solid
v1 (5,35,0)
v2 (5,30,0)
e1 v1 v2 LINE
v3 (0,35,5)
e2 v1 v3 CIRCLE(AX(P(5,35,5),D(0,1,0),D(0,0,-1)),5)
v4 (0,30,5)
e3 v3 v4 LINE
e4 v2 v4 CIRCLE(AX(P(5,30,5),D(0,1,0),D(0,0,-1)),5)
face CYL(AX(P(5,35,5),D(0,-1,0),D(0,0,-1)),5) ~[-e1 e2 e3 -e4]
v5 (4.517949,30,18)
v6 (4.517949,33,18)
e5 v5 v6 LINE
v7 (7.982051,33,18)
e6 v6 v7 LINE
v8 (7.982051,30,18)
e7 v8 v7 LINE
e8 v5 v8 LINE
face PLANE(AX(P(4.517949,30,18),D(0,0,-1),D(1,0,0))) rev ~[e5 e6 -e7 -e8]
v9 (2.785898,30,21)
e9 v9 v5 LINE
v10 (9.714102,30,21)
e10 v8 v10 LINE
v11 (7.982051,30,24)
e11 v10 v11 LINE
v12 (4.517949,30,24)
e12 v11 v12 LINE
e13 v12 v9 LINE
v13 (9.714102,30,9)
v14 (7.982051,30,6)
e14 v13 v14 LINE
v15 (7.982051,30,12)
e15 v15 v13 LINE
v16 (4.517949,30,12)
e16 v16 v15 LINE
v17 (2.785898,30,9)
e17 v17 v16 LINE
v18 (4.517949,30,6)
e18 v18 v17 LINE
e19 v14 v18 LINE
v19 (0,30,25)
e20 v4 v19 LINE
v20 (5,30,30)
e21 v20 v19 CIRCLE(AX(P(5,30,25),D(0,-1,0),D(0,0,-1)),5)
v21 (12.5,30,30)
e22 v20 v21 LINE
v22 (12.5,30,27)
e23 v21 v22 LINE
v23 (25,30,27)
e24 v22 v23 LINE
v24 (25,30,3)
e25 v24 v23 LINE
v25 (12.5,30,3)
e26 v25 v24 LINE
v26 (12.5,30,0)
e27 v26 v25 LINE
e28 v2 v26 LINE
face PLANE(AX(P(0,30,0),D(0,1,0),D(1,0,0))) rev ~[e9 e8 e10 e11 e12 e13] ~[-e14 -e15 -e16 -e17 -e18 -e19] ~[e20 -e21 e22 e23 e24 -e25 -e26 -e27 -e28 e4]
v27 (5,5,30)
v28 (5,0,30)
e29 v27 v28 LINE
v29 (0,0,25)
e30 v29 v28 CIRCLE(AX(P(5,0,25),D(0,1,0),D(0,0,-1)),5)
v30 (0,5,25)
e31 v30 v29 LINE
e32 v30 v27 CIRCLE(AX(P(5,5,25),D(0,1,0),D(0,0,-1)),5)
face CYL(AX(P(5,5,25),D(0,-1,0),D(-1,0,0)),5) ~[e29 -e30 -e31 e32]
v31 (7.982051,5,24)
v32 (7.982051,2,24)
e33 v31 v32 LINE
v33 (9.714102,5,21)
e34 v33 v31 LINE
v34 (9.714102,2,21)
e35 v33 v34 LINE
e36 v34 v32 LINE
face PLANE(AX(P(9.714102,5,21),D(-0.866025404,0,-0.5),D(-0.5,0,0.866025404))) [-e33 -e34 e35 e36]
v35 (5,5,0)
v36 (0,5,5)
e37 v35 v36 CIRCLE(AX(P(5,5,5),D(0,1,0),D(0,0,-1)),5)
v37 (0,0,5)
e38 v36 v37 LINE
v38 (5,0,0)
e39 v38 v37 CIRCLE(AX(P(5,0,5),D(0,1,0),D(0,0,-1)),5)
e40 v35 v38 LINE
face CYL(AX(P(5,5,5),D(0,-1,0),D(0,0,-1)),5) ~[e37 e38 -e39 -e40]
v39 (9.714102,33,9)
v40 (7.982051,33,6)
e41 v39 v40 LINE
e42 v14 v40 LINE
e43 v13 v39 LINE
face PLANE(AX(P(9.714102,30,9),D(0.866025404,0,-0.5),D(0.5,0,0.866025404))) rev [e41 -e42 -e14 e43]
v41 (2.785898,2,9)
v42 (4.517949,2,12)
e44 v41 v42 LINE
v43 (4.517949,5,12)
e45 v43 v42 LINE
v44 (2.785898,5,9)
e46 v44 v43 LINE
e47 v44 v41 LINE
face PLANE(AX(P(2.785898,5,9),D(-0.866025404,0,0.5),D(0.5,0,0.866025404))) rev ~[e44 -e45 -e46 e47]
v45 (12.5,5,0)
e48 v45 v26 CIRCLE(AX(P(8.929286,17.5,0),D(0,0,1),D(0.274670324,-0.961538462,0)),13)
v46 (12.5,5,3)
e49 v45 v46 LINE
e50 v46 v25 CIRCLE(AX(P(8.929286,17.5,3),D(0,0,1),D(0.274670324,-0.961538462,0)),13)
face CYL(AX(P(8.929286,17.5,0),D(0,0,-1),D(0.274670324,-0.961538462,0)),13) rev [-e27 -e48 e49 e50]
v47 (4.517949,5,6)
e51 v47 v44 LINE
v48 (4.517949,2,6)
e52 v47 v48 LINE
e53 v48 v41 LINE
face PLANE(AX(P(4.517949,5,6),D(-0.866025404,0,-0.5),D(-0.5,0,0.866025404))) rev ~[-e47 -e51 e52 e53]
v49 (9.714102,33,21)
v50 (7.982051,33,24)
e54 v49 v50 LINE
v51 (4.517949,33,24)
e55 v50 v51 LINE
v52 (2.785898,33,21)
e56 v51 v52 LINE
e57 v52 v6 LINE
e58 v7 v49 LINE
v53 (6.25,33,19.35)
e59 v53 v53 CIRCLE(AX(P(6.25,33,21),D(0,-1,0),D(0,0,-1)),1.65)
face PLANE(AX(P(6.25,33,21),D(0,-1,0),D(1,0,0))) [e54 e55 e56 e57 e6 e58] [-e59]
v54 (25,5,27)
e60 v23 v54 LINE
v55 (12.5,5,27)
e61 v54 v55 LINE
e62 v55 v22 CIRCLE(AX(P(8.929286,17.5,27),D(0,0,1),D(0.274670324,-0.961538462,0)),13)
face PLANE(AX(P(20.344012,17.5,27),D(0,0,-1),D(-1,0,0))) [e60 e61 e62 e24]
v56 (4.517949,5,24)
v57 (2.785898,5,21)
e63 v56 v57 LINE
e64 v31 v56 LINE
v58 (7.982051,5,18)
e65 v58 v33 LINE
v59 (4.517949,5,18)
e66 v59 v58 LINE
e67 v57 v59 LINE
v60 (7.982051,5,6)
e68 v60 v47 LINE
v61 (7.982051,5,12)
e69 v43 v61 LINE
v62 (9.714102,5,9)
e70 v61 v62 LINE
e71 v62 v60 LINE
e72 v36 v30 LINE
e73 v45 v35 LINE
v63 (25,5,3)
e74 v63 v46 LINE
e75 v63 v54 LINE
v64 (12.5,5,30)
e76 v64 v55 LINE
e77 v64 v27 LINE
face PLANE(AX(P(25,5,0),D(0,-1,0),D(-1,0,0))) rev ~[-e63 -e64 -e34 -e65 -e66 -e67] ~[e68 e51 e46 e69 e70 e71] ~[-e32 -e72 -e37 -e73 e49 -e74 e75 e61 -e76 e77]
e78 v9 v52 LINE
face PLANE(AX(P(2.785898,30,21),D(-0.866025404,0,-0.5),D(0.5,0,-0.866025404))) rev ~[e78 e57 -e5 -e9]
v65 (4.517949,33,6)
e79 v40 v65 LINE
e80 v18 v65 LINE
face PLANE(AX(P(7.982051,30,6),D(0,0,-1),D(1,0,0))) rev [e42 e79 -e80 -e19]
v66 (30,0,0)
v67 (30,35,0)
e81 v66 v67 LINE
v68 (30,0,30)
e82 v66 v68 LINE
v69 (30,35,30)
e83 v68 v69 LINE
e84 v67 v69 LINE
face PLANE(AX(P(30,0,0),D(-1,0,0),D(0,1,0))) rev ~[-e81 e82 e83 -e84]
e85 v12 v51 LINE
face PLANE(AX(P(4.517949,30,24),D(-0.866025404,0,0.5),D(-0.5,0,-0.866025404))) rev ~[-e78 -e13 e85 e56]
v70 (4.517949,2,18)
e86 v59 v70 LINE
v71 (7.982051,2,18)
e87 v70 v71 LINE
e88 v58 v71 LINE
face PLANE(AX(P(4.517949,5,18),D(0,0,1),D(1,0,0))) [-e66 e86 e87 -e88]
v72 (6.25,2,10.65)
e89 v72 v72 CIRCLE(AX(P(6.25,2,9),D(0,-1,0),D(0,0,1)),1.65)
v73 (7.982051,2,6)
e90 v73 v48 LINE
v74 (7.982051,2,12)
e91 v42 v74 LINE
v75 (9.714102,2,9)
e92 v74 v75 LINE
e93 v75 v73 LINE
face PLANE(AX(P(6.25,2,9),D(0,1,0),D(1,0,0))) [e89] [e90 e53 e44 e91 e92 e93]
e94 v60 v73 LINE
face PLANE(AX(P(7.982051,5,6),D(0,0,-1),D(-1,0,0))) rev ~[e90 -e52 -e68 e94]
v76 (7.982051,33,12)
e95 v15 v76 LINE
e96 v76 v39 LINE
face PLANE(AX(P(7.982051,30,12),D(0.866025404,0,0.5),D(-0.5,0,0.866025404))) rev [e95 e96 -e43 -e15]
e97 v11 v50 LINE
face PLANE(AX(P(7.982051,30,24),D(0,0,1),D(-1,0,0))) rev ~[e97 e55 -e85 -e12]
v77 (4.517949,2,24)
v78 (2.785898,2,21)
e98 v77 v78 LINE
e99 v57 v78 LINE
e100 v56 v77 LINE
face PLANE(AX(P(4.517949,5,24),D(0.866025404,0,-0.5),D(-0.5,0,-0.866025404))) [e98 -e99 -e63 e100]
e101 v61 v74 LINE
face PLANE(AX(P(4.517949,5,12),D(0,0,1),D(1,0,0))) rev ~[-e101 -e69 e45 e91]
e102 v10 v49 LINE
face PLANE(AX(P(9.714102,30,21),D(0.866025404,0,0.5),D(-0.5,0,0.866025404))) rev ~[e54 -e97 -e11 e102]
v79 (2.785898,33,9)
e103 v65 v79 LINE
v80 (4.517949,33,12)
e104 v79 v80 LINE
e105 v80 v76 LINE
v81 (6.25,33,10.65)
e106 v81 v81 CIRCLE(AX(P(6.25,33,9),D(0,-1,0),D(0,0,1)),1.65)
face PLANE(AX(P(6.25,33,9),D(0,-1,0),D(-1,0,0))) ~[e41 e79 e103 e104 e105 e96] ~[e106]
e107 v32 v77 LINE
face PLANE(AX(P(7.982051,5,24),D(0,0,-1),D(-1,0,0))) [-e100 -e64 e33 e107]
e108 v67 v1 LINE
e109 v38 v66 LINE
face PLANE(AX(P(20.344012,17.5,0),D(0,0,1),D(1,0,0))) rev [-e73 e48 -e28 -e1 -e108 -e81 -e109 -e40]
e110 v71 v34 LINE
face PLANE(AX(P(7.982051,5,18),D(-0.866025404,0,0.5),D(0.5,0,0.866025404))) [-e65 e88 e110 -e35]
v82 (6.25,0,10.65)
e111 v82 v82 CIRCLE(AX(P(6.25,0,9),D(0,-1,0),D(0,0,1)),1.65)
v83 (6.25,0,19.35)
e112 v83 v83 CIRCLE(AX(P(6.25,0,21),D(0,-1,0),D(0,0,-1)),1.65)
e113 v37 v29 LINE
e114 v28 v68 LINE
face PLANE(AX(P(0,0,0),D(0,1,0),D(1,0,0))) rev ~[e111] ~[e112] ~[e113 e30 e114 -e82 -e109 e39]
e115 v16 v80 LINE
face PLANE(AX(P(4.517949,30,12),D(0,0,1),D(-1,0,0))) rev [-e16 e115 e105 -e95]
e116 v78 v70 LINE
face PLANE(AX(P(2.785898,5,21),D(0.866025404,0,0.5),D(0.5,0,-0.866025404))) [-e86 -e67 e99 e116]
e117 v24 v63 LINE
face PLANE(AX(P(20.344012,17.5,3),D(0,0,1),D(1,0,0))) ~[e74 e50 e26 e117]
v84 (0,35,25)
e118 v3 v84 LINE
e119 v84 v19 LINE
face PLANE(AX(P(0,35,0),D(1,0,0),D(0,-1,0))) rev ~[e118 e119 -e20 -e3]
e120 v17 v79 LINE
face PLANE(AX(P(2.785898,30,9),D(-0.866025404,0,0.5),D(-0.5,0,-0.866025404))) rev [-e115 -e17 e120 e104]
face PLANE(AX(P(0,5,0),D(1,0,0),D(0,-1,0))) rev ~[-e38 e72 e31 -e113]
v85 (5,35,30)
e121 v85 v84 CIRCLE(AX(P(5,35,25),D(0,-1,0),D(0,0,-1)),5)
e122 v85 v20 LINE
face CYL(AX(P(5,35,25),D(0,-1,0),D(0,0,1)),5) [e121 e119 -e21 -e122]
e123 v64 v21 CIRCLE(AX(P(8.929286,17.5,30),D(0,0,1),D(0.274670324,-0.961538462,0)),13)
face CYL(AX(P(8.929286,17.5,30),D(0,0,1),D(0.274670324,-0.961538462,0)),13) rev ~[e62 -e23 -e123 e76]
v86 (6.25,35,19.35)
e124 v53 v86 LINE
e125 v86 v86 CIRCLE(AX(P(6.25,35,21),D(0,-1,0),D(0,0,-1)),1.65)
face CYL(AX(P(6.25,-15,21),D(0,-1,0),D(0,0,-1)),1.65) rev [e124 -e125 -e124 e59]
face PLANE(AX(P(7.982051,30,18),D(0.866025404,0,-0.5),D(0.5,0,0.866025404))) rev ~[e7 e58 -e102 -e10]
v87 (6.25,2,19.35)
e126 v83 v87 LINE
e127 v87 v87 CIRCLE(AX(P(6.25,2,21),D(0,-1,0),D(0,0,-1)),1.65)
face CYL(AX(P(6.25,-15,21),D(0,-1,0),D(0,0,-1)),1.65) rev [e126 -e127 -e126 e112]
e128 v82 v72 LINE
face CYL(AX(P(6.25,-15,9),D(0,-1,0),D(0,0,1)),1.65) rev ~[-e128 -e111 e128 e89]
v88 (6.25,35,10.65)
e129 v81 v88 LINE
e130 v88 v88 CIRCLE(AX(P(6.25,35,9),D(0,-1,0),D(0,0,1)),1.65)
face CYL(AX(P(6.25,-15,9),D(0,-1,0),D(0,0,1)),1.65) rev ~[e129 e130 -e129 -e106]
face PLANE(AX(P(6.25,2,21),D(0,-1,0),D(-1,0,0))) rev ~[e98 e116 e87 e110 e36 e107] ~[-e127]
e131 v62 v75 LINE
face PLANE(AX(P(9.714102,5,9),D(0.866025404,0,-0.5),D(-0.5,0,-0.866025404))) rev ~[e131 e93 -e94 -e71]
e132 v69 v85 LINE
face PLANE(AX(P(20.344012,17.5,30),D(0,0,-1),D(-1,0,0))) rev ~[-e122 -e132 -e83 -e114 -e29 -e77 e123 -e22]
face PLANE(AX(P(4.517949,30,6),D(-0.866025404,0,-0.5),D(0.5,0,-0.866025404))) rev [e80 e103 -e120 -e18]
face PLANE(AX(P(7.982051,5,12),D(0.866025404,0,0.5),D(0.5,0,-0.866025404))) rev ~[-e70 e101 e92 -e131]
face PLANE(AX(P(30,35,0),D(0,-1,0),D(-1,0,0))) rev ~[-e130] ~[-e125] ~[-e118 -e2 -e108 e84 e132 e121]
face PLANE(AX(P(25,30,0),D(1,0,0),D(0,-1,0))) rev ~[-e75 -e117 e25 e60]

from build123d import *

# Parameters (mm, degrees)
EXTRUDE_1_DEPTH     = 30
EXTRUDE_2_DEPTH     = 3
CUT_EXTRUDE_1_DEPTH = 3
CUT_EXTRUDE_START   = -17
SKETCH_4_R          = 1.65
CUT_EXTRUDE_2_DEPTH = 76
CUT_EXTRUDE_3_DEPTH = 3
FILLET_1_R          = 5


with BuildPart() as part:
    # Эскиз1 → Бобышка-Вытянуть1 (new body)
    with BuildSketch(Plane.XY):
        Polygon((0, 0), (30, 0), (30, 35), (0, 35), (0, 30), (25, 30), (25, 5), (0, 5), align=None)
    extrude(amount=EXTRUDE_1_DEPTH)

    # Эскиз2 → Бобышка-Вытянуть2 (add)
    with BuildSketch(Plane.XY.offset(30)):
        with BuildLine():
            Line((12.5, 30), (25, 30))
            Line((25, 30), (25, 5))
            Line((25, 5), (12.5, 5))
            ThreePointArc((12.5, 5), (21.929285786, 17.5), (12.5, 30))
        make_face()
    extrude_2 = extrude(amount=-EXTRUDE_2_DEPTH)

    # Зеркальное отражение1: Бобышка-Вытянуть2 across plane
    add(extrude_2.mirror(Plane.XY.offset(15)))

    # Эскиз3 → Вырез-Вытянуть1 (cut)
    with BuildSketch(Plane(origin=(0, 5, 0), x_dir=(1, 0, 0), z_dir=(0, 1, 0))):
        Polygon((4.517949192, -24), (2.785898385, -21), (4.517949192, -18), (7.982050808, -18), (9.714101615, -21), (7.982050808, -24), align=None)
        Polygon((2.785898385, -9), (4.517949192, -12), (7.982050808, -12), (9.714101615, -9), (7.982050808, -6), (4.517949192, -6), align=None)
    extrude(amount=-CUT_EXTRUDE_1_DEPTH, mode=Mode.SUBTRACT)

    # Эскиз4 → Вырез-Вытянуть2 (cut)
    with BuildSketch(Plane(origin=(0, 2, 0), x_dir=(1, 0, 0), z_dir=(0, 1, 0)).offset(CUT_EXTRUDE_START)):
        with Locations(Location((6.25, -21, 0), (0, 0, 90))):
            Circle(SKETCH_4_R)
    cut_extrude_2 = extrude(amount=CUT_EXTRUDE_2_DEPTH, mode=Mode.SUBTRACT)

    # Зеркальное отражение2: Вырез-Вытянуть2 across plane
    add(cut_extrude_2.mirror(Plane.XY.offset(15)), mode=Mode.SUBTRACT)

    # Эскиз5 → Вырез-Вытянуть3 (cut)
    with BuildSketch(Plane.XZ.offset(-30)):
        Polygon((9.714101615, 21), (7.982050808, 24), (4.517949192, 24), (2.785898385, 21), (4.517949192, 18), (7.982050808, 18), align=None)
    cut_extrude_3 = extrude(amount=-CUT_EXTRUDE_3_DEPTH, mode=Mode.SUBTRACT)

    # Зеркальное отражение3: Вырез-Вытянуть3 across plane
    add(cut_extrude_3.mirror(Plane.XY.offset(15)), mode=Mode.SUBTRACT)

    # Скругление1
    fillet_1_edges = [part.edges().sort_by_distance(p)[0] for p in [
        (0, 2.5, 0),
        (0, 32.5, 30),
        (0, 2.5, 30),
        (0, 32.5, 0),
    ]]
    fillet(fillet_1_edges, radius=FILLET_1_R)


solid = part.part
